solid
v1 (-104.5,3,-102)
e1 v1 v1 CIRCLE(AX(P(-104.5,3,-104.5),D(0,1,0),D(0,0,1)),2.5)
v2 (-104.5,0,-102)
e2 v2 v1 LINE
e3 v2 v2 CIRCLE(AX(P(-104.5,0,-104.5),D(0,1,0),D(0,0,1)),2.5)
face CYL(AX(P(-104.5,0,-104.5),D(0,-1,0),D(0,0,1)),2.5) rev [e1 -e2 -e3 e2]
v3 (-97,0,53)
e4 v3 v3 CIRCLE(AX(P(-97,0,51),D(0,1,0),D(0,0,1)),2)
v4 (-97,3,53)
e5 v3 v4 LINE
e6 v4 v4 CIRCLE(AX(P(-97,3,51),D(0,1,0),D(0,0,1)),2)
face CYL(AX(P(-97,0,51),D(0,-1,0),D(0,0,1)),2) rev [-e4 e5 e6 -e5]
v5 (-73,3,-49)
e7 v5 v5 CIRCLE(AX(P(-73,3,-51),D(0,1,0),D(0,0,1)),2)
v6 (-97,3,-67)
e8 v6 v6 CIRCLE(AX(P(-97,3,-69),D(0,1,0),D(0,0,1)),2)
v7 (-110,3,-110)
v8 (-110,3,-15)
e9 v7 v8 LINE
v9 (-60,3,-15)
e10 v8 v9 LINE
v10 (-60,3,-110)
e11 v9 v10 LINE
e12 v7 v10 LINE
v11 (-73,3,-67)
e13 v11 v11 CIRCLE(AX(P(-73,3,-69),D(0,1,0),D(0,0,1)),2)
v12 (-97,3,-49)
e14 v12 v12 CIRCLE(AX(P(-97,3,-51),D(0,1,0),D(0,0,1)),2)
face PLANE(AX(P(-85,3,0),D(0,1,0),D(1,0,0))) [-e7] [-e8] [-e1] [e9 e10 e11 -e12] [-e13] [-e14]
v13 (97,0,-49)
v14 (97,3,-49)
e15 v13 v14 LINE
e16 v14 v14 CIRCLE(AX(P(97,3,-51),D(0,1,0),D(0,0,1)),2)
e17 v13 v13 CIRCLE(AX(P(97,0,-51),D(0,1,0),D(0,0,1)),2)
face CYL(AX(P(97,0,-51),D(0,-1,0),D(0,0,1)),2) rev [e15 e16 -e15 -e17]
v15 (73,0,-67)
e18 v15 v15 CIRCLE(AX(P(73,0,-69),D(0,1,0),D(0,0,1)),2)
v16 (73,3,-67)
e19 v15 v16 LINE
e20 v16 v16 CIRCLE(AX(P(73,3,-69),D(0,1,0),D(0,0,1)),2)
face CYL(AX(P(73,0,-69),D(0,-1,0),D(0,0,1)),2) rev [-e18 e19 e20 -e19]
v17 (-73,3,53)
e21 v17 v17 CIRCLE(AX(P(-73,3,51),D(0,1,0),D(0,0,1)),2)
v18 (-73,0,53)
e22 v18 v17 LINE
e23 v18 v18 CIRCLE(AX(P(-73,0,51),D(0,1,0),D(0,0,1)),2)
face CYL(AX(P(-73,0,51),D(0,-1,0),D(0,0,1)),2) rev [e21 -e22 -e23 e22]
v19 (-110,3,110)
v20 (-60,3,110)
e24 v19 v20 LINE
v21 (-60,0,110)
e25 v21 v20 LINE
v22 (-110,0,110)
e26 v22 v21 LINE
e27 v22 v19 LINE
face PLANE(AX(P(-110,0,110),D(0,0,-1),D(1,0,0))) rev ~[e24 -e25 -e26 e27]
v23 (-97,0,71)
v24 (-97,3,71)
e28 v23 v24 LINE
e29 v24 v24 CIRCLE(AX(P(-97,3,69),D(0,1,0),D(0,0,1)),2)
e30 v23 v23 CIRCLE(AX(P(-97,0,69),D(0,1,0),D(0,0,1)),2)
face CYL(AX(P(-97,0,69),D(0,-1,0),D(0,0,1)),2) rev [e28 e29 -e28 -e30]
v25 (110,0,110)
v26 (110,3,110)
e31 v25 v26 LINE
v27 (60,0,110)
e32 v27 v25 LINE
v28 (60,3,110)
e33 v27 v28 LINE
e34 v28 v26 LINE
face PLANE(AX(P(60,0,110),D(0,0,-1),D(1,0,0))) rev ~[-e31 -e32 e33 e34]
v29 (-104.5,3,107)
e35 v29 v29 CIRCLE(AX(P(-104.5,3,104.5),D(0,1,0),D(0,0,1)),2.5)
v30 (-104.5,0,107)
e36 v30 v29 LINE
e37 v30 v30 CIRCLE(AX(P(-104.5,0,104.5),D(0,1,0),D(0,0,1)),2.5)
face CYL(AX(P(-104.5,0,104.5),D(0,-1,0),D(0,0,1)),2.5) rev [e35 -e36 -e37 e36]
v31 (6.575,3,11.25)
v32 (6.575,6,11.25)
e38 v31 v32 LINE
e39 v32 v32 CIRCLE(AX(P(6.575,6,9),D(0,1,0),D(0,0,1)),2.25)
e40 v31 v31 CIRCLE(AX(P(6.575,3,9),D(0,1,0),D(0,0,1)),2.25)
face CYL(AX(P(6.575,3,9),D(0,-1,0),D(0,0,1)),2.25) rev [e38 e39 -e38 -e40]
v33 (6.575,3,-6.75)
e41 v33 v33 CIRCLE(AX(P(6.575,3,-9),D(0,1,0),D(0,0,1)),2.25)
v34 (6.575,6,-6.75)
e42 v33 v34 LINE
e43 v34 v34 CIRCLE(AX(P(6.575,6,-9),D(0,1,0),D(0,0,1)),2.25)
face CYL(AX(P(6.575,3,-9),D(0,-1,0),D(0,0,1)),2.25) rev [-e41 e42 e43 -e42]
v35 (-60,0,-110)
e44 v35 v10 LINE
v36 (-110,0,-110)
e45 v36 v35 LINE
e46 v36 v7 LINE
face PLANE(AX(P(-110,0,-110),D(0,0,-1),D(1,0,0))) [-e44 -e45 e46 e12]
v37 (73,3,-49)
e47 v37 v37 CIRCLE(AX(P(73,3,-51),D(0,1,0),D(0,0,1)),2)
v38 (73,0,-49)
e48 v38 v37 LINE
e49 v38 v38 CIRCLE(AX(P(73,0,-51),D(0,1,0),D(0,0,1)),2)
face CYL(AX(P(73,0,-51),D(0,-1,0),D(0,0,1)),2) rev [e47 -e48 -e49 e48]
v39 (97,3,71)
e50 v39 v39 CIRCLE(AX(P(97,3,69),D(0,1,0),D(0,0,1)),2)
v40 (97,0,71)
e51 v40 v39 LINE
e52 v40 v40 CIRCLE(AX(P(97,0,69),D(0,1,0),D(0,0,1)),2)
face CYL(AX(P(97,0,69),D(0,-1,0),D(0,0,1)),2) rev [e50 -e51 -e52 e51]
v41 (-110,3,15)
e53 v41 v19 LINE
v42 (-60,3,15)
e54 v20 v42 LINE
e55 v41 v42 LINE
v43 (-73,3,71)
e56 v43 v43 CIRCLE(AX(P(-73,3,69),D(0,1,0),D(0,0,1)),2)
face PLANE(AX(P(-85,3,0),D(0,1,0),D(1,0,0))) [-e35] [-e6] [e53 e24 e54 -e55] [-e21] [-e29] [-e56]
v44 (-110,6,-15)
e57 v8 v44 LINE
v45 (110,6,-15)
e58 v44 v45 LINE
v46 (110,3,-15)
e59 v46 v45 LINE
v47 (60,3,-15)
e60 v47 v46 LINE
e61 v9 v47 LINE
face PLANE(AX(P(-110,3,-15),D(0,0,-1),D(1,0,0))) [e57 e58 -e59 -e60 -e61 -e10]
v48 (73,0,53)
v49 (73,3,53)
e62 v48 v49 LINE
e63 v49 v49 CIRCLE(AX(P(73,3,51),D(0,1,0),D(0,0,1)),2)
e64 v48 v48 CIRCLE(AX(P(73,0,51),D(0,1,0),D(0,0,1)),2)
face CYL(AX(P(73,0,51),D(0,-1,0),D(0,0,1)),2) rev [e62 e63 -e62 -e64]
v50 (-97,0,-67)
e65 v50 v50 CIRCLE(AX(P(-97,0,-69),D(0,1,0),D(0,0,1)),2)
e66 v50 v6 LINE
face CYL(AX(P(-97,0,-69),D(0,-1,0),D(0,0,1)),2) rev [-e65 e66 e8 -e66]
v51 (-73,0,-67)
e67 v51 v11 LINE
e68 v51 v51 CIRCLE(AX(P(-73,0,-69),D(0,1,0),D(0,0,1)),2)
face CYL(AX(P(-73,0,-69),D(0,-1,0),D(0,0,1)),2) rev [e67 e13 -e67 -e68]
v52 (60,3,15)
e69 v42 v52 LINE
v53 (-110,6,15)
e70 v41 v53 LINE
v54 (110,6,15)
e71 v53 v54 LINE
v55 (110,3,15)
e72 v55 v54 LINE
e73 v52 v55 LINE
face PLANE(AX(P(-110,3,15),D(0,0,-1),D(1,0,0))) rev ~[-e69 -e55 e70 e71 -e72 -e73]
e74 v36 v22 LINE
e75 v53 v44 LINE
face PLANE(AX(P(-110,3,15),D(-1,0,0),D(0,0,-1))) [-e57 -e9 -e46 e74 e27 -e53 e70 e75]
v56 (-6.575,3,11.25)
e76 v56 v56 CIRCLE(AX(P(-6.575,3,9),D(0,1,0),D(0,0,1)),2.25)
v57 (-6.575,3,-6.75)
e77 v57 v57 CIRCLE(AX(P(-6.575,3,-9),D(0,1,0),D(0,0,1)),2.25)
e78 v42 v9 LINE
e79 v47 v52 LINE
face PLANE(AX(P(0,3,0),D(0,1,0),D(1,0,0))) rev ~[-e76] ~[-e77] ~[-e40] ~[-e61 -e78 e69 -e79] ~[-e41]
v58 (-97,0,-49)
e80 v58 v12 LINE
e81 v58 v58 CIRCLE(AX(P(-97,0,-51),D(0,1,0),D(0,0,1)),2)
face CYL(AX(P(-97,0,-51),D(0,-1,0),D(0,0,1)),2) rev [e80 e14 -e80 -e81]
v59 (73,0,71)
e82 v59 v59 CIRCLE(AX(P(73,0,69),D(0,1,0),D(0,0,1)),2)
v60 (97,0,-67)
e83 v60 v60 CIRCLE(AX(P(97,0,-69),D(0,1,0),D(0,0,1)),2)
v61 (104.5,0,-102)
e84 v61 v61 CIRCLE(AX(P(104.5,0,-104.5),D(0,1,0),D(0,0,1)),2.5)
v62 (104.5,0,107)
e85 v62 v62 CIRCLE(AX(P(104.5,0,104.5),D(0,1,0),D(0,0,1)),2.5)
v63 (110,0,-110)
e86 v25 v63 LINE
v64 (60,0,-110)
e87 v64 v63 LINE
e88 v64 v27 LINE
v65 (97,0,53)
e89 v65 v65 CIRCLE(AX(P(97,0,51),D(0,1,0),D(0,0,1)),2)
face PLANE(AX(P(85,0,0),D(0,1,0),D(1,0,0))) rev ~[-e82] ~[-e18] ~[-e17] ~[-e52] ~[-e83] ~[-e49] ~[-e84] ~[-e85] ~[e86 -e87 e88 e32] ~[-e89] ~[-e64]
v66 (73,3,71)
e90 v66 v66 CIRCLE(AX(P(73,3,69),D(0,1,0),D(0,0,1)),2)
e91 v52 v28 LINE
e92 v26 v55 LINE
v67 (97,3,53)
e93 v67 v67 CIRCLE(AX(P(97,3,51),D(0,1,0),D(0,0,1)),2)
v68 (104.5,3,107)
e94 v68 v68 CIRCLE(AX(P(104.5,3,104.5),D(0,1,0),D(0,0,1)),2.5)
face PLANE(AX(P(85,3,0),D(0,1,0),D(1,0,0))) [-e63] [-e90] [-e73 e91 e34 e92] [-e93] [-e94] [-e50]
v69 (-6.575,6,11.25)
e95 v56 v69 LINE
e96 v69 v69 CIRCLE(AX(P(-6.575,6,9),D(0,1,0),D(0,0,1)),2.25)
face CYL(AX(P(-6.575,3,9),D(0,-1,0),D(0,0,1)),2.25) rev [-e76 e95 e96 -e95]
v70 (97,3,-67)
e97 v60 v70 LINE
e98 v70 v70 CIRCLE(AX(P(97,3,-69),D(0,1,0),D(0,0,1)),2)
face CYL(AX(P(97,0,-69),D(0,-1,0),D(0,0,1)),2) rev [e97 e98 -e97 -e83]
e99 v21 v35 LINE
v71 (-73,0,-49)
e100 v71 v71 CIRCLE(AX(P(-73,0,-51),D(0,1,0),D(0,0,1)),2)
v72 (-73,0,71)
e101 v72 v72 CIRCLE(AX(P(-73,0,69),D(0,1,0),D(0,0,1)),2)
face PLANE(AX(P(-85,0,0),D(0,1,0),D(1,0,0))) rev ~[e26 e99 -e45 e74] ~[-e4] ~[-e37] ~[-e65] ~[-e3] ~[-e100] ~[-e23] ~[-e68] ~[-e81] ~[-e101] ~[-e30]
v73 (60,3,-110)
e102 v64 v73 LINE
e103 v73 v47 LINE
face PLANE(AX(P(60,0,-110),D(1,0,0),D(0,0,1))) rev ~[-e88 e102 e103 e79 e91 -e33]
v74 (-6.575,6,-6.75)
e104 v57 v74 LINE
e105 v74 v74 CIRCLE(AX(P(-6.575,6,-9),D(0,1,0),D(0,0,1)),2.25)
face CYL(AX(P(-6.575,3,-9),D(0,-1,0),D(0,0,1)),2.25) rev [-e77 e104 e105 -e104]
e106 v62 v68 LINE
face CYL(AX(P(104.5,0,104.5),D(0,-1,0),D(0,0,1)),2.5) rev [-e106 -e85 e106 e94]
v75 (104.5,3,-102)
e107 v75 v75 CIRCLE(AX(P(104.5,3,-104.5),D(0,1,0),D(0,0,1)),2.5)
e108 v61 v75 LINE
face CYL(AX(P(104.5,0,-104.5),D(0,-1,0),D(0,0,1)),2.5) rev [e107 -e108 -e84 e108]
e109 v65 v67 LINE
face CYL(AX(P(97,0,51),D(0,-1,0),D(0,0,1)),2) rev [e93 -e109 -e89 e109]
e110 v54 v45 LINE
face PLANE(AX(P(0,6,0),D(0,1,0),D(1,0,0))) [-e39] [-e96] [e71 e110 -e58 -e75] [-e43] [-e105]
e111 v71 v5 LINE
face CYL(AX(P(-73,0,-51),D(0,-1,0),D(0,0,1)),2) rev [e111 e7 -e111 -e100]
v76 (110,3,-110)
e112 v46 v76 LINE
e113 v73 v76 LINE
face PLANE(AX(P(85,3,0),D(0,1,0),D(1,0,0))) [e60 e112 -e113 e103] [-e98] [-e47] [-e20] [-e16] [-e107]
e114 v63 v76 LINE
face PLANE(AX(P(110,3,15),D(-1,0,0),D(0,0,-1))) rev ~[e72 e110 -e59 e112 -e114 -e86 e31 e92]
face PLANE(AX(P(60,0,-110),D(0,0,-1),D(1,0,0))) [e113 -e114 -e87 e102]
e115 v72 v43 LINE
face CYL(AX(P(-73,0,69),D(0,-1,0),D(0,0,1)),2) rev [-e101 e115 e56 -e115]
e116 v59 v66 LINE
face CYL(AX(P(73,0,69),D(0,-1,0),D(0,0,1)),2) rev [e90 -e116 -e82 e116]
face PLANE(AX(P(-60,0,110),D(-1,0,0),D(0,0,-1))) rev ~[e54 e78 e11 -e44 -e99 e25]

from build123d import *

# Parameters (mm, degrees)
SKETCH1_W           = 50
SKETCH1_H           = 220
SKETCH1_R           = 2
SKETCH1_R_2         = 2.5
SKETCH1_H_2         = 95
BOSS_EXTRUDE1_DEPTH = 3
BOSS_EXTRUDE2_START = 3
SKETCH1_4_W         = 220
SKETCH1_4_H         = 30
SKETCH1_4_R         = 2.25
BOSS_EXTRUDE2_DEPTH = 3


with BuildPart() as part:
    # Sketch1 → Boss-Extrude1 (new body)
    with BuildSketch(Plane(origin=(0, 0, 0), x_dir=(1, 0, 0), z_dir=(0, 1, 0))):
        with Locations((-85, 0)):
            Rectangle(SKETCH1_W, SKETCH1_H)
        with Locations(Location((-97, -69, 0), (0, 0, 270))):
            Circle(SKETCH1_R, mode=Mode.SUBTRACT)
        with Locations(Location((-73, -51, 0), (0, 0, 270))):
            Circle(SKETCH1_R, mode=Mode.SUBTRACT)
        with Locations(Location((-97, 69, 0), (0, 0, 270))):
            Circle(SKETCH1_R, mode=Mode.SUBTRACT)
        with Locations(Location((-73, 69, 0), (0, 0, 270))):
            Circle(SKETCH1_R, mode=Mode.SUBTRACT)
        with Locations(Location((-73, 51, 0), (0, 0, 270))):
            Circle(SKETCH1_R, mode=Mode.SUBTRACT)
        with Locations(Location((-97, 51, 0), (0, 0, 270))):
            Circle(SKETCH1_R, mode=Mode.SUBTRACT)
        with Locations(Location((-97, -51, 0), (0, 0, 270))):
            Circle(SKETCH1_R, mode=Mode.SUBTRACT)
        with Locations(Location((-73, -69, 0), (0, 0, 270))):
            Circle(SKETCH1_R, mode=Mode.SUBTRACT)
        with Locations(Location((-104.5, 104.5, 0), (0, 0, 270))):
            Circle(SKETCH1_R_2, mode=Mode.SUBTRACT)
        with Locations(Location((-104.5, -104.5, 0), (0, 0, 270))):
            Circle(SKETCH1_R_2, mode=Mode.SUBTRACT)
        with Locations((85, 0)):
            Rectangle(SKETCH1_W, SKETCH1_H)
        with Locations(Location((104.5, -104.5, 0), (0, 0, 270))):
            Circle(SKETCH1_R_2, mode=Mode.SUBTRACT)
        with Locations(Location((97, 69, 0), (0, 0, 270))):
            Circle(SKETCH1_R, mode=Mode.SUBTRACT)
        with Locations(Location((73, 51, 0), (0, 0, 270))):
            Circle(SKETCH1_R, mode=Mode.SUBTRACT)
        with Locations(Location((97, 51, 0), (0, 0, 270))):
            Circle(SKETCH1_R, mode=Mode.SUBTRACT)
        with Locations(Location((73, 69, 0), (0, 0, 270))):
            Circle(SKETCH1_R, mode=Mode.SUBTRACT)
        with Locations(Location((97, -69, 0), (0, 0, 270))):
            Circle(SKETCH1_R, mode=Mode.SUBTRACT)
        with Locations(Location((73, -69, 0), (0, 0, 270))):
            Circle(SKETCH1_R, mode=Mode.SUBTRACT)
        with Locations(Location((73, -51, 0), (0, 0, 270))):
            Circle(SKETCH1_R, mode=Mode.SUBTRACT)
        with Locations(Location((97, -51, 0), (0, 0, 270))):
            Circle(SKETCH1_R, mode=Mode.SUBTRACT)
        with Locations(Location((104.5, 104.5, 0), (0, 0, 270))):
            Circle(SKETCH1_R_2, mode=Mode.SUBTRACT)
        with Locations((-85, -62.5)):
            Rectangle(SKETCH1_W, SKETCH1_H_2)
        with Locations(Location((-104.5, -104.5, 0), (0, 0, 270))):
            Circle(SKETCH1_R_2, mode=Mode.SUBTRACT)
        with Locations(Location((-97, -69, 0), (0, 0, 270))):
            Circle(SKETCH1_R, mode=Mode.SUBTRACT)
        with Locations(Location((-73, -69, 0), (0, 0, 270))):
            Circle(SKETCH1_R, mode=Mode.SUBTRACT)
        with Locations(Location((-97, -51, 0), (0, 0, 270))):
            Circle(SKETCH1_R, mode=Mode.SUBTRACT)
        with Locations(Location((-73, -51, 0), (0, 0, 270))):
            Circle(SKETCH1_R, mode=Mode.SUBTRACT)
        with Locations((-85, 62.5)):
            Rectangle(SKETCH1_W, SKETCH1_H_2)
        with Locations(Location((-97, 51, 0), (0, 0, 270))):
            Circle(SKETCH1_R, mode=Mode.SUBTRACT)
        with Locations(Location((-73, 51, 0), (0, 0, 270))):
            Circle(SKETCH1_R, mode=Mode.SUBTRACT)
        with Locations(Location((-97, 69, 0), (0, 0, 270))):
            Circle(SKETCH1_R, mode=Mode.SUBTRACT)
        with Locations(Location((-73, 69, 0), (0, 0, 270))):
            Circle(SKETCH1_R, mode=Mode.SUBTRACT)
        with Locations(Location((-104.5, 104.5, 0), (0, 0, 270))):
            Circle(SKETCH1_R_2, mode=Mode.SUBTRACT)
        with Locations((85, 62.5)):
            Rectangle(SKETCH1_W, SKETCH1_H_2)
        with Locations(Location((73, 51, 0), (0, 0, 270))):
            Circle(SKETCH1_R, mode=Mode.SUBTRACT)
        with Locations(Location((97, 51, 0), (0, 0, 270))):
            Circle(SKETCH1_R, mode=Mode.SUBTRACT)
        with Locations(Location((73, 69, 0), (0, 0, 270))):
            Circle(SKETCH1_R, mode=Mode.SUBTRACT)
        with Locations(Location((97, 69, 0), (0, 0, 270))):
            Circle(SKETCH1_R, mode=Mode.SUBTRACT)
        with Locations(Location((104.5, 104.5, 0), (0, 0, 270))):
            Circle(SKETCH1_R_2, mode=Mode.SUBTRACT)
        with Locations((85, -62.5)):
            Rectangle(SKETCH1_W, SKETCH1_H_2)
        with Locations(Location((104.5, -104.5, 0), (0, 0, 270))):
            Circle(SKETCH1_R_2, mode=Mode.SUBTRACT)
        with Locations(Location((73, -69, 0), (0, 0, 270))):
            Circle(SKETCH1_R, mode=Mode.SUBTRACT)
        with Locations(Location((97, -69, 0), (0, 0, 270))):
            Circle(SKETCH1_R, mode=Mode.SUBTRACT)
        with Locations(Location((73, -51, 0), (0, 0, 270))):
            Circle(SKETCH1_R, mode=Mode.SUBTRACT)
        with Locations(Location((97, -51, 0), (0, 0, 270))):
            Circle(SKETCH1_R, mode=Mode.SUBTRACT)
    extrude(amount=BOSS_EXTRUDE1_DEPTH)

    # Sketch1<4> → Boss-Extrude2 (add)
    with BuildSketch(Plane(origin=(0, 0, 0), x_dir=(1, 0, 0), z_dir=(0, 1, 0)).offset(BOSS_EXTRUDE2_START)):
        Rectangle(SKETCH1_4_W, SKETCH1_4_H)
        with Locations(Location((6.575, 9, 0), (0, 0, 270))):
            Circle(SKETCH1_4_R, mode=Mode.SUBTRACT)
        with Locations(Location((-6.575, -9, 0), (0, 0, 270))):
            Circle(SKETCH1_4_R, mode=Mode.SUBTRACT)
        with Locations(Location((6.575, -9, 0), (0, 0, 270))):
            Circle(SKETCH1_4_R, mode=Mode.SUBTRACT)
        with Locations(Location((-6.575, 9, 0), (0, 0, 270))):
            Circle(SKETCH1_4_R, mode=Mode.SUBTRACT)
    extrude(amount=BOSS_EXTRUDE2_DEPTH)


solid = part.part
